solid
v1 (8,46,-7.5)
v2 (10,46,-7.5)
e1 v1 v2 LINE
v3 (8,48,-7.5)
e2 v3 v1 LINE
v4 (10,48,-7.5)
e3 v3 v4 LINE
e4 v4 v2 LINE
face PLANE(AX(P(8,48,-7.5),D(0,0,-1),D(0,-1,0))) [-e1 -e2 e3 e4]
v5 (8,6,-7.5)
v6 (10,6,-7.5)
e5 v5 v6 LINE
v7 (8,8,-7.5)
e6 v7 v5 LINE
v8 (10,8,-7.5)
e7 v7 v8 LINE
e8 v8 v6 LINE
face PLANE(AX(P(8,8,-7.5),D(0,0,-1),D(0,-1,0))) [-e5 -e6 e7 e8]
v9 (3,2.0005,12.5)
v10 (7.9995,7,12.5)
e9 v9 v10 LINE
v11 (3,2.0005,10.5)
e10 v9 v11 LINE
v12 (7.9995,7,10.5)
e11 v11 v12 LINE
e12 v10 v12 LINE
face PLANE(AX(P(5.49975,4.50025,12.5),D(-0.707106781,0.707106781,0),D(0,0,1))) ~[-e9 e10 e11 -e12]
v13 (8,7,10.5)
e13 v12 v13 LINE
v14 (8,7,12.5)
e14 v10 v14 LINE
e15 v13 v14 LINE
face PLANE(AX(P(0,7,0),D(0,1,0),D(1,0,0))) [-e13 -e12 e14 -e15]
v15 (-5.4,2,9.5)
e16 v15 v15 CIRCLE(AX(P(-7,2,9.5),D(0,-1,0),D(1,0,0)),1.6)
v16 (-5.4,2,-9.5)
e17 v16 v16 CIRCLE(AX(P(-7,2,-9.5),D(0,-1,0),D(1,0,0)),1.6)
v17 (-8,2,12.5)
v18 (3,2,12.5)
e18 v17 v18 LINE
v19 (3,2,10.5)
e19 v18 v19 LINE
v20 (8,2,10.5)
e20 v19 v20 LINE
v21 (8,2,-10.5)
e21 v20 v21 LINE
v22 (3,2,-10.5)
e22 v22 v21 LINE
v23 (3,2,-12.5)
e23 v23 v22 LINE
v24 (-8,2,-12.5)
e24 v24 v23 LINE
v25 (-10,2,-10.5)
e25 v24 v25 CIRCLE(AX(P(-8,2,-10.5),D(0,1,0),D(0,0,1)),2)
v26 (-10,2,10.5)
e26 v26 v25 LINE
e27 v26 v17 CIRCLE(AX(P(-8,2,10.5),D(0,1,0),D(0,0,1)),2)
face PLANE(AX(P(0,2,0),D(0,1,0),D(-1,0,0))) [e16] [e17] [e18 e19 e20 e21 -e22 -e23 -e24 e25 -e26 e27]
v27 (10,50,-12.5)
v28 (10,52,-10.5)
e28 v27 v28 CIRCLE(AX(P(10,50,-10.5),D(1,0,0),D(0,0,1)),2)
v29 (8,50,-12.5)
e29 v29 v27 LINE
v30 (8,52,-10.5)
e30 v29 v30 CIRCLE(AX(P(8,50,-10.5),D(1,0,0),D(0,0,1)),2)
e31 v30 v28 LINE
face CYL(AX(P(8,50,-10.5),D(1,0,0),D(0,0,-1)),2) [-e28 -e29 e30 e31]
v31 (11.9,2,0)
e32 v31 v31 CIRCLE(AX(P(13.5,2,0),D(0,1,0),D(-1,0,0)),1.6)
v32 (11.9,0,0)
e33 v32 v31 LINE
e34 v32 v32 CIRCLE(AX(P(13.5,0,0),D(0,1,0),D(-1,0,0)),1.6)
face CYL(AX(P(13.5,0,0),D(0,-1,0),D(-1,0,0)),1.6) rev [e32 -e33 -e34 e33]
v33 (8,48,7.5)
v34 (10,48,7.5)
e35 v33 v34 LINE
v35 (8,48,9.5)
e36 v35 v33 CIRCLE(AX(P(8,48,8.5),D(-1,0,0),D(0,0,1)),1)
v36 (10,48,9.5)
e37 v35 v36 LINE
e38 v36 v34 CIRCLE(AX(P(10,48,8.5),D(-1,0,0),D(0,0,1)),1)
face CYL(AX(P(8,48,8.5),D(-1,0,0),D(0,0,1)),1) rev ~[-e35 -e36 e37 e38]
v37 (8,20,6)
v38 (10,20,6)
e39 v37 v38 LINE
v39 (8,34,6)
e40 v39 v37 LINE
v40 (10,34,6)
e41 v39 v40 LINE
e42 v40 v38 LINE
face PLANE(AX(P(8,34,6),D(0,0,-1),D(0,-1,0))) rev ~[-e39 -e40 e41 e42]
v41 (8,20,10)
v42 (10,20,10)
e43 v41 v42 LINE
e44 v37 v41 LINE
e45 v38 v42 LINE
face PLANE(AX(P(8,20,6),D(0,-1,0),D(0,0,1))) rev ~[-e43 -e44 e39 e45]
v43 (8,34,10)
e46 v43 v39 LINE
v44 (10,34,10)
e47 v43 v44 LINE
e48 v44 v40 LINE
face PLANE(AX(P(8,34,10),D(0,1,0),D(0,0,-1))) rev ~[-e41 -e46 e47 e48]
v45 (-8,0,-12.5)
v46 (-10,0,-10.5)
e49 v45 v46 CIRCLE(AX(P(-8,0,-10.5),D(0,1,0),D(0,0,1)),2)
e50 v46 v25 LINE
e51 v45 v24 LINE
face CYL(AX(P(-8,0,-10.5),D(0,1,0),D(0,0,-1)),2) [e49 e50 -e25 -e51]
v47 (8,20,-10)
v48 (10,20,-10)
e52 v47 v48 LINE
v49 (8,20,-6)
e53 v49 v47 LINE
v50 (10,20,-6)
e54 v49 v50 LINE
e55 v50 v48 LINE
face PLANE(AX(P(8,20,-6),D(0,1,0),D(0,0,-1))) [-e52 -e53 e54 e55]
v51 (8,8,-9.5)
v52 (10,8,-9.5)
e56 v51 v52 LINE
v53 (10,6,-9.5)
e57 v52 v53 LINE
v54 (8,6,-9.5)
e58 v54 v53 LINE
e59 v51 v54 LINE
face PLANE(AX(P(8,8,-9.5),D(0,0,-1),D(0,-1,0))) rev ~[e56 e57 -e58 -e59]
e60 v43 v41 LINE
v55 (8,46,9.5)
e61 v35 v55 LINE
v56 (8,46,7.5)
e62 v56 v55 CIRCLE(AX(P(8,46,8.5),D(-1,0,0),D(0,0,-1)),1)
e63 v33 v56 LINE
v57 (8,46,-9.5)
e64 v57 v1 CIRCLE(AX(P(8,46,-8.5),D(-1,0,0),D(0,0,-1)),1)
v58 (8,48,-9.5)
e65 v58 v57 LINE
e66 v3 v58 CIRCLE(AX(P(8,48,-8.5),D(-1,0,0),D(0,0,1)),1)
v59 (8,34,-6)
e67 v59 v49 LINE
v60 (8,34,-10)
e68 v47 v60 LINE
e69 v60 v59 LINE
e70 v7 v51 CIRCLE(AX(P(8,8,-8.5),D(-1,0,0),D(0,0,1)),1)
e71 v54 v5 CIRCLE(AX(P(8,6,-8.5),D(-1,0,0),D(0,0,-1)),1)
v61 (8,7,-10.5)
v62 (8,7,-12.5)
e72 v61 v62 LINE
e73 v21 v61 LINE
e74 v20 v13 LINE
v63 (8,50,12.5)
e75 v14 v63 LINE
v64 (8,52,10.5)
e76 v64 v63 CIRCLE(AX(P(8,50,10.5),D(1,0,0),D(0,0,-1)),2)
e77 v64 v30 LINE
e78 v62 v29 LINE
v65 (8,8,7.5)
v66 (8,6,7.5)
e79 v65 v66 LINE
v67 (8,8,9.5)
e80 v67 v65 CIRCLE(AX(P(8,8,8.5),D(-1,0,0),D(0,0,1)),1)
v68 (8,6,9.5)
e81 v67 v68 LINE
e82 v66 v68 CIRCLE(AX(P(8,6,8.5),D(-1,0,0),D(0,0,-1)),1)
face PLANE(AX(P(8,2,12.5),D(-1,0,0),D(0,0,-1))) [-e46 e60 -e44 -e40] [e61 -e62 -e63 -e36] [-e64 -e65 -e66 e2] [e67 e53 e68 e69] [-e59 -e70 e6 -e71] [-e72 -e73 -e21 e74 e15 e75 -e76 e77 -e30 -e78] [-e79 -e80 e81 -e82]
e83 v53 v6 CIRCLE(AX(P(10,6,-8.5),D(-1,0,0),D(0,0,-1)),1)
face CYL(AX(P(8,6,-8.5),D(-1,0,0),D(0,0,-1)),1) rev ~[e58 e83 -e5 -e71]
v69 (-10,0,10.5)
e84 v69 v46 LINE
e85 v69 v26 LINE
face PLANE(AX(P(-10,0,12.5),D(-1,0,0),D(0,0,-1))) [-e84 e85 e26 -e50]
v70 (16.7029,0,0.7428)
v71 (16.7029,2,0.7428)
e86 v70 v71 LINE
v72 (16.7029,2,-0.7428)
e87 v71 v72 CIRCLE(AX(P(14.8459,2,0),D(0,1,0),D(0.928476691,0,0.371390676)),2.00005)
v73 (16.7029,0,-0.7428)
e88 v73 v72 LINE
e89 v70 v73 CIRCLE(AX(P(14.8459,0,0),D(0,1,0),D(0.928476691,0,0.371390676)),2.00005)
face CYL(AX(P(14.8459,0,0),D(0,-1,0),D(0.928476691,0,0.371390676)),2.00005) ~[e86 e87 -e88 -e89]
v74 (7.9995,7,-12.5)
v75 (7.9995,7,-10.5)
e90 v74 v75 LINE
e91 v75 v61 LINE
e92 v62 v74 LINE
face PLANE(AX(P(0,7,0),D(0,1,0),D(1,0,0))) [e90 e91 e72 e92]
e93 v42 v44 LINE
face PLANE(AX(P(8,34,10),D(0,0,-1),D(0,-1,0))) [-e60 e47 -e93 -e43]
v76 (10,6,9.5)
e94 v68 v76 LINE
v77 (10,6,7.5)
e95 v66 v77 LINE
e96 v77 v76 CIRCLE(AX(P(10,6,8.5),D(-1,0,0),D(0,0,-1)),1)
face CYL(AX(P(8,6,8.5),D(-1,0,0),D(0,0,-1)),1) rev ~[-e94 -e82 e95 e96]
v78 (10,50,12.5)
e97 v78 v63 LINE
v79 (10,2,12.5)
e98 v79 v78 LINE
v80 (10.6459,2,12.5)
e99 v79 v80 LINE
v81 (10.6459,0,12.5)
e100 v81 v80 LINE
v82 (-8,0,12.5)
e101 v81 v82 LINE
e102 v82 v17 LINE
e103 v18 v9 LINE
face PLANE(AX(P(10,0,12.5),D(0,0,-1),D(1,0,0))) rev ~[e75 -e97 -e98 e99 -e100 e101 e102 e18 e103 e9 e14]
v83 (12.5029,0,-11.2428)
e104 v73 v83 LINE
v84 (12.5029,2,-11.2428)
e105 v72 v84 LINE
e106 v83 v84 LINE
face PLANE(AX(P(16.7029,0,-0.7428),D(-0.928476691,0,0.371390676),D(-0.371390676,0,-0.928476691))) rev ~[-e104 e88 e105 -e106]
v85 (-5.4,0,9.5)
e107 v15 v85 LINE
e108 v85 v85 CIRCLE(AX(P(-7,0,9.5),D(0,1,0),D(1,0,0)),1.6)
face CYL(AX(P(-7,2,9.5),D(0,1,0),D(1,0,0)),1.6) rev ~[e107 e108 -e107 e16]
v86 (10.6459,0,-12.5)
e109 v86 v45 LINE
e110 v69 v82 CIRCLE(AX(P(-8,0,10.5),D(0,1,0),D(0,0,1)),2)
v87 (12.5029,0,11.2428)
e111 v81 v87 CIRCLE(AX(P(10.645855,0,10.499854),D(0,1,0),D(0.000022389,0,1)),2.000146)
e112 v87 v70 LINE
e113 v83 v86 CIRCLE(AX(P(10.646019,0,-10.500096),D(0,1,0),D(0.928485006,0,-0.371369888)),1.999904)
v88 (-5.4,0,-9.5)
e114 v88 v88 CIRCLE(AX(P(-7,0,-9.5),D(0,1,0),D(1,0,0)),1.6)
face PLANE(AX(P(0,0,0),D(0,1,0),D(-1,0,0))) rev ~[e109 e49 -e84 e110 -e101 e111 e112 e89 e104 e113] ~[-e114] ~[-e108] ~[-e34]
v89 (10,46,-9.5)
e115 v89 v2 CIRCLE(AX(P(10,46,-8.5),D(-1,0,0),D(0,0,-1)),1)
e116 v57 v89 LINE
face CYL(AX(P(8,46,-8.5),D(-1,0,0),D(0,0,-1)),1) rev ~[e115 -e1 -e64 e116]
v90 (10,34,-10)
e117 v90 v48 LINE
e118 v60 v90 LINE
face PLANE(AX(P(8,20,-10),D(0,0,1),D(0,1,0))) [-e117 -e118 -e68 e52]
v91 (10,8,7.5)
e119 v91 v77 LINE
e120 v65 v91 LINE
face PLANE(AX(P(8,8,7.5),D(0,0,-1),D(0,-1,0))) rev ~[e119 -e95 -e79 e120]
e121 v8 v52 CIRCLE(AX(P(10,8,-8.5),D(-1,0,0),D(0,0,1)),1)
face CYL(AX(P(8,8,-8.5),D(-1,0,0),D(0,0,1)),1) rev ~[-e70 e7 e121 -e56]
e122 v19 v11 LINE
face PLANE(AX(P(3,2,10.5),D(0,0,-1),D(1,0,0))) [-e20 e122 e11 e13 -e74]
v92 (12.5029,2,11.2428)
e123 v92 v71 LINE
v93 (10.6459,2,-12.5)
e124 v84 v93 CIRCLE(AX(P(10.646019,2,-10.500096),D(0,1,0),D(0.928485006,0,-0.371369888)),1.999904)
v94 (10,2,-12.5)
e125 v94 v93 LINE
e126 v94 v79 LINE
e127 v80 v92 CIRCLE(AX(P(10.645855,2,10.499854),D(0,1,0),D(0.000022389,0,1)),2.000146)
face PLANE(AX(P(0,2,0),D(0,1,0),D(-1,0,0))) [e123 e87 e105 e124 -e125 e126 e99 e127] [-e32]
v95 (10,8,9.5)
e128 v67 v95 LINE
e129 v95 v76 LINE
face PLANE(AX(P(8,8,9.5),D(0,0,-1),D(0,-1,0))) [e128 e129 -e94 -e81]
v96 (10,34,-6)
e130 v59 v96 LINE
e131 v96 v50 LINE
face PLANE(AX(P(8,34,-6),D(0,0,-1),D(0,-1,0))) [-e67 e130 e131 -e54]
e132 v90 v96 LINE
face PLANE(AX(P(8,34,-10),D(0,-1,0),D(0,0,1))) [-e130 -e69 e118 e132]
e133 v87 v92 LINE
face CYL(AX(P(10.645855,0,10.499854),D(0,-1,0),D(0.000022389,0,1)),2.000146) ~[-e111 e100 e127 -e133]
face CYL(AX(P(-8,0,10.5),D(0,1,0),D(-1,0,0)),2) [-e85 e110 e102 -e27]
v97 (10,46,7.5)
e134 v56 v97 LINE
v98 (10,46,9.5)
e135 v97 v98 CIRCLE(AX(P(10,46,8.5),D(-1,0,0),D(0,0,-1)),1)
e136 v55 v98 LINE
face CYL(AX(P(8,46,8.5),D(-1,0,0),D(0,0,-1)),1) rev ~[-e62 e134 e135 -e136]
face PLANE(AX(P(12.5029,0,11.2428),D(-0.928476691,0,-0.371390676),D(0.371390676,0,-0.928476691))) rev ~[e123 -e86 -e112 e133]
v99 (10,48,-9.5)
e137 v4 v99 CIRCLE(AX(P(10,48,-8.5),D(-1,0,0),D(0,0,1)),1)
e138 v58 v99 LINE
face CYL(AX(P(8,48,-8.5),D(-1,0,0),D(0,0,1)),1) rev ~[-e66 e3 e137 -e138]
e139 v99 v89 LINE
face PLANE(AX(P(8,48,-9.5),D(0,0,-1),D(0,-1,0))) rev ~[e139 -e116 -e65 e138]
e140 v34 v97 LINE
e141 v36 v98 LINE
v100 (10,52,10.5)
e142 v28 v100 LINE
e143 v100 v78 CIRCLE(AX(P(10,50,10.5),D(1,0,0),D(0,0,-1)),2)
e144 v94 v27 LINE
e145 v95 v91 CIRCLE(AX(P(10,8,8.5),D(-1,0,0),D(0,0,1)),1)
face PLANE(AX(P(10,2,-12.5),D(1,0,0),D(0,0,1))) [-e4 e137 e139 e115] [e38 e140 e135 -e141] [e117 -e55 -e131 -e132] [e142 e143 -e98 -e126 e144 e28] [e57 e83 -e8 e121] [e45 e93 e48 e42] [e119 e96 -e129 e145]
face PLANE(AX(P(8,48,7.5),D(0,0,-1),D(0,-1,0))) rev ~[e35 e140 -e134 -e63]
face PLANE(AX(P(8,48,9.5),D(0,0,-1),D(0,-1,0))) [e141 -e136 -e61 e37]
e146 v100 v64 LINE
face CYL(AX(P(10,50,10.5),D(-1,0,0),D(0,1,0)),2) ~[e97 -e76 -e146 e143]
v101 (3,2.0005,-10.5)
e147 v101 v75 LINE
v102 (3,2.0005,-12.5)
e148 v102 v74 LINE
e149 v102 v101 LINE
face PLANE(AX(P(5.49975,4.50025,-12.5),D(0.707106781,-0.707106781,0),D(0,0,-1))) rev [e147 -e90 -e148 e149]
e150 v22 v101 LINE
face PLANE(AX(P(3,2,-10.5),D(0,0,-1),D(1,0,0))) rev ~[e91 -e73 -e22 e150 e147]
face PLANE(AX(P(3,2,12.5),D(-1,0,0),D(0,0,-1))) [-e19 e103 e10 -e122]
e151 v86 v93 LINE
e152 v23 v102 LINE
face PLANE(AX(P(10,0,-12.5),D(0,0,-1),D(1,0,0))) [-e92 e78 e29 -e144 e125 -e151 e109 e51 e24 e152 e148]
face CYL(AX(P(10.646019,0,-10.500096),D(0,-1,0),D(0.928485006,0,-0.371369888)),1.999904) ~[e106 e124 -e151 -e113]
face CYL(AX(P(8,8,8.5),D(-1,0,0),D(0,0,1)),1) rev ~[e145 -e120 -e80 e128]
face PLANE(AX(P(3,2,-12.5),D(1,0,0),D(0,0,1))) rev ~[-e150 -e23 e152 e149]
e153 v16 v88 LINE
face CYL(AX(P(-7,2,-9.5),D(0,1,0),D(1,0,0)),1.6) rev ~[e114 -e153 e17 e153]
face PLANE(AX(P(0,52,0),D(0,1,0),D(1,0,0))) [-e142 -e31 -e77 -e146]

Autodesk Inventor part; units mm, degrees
ref_plane "YZ Plane" through (0, 0, 0) normal (1, 0, 0) x (0, 1, 0)
ref_plane "XZ Plane" through (0, 0, 0) normal (0, 1, 0) x (-1, 0, 0)
ref_plane "XY Plane" through (0, 0, 0) normal (0, 0, 1) x (1, 0, 0)
sketch "Sketch1" plane through (0, 0, 0) normal (0, 1, 0) x (-1, 0, 0)
  line L0 (-10, -12.5) -> (-10, 12.5)
  line L1 (-10, 12.5) -> (10, 12.5)
  line L2 (10, 12.5) -> (10, -12.5)
  line L3 (10, -12.5) -> (-10, -12.5)
  line L4 (-10, -12.5) -> (10, 12.5) construction
  line L5 (-10, 12.5) -> (10, -12.5) construction
  line L6 (-10, -12.5) -> (-10.6459, -12.5)
  line L7 (-10, 12.5) -> (-10.6459, 12.5)
  line L8 (-16.7029, -0.7428) -> (-12.5029, -11.2428)
  line L9 (-12.5029, 11.2428) -> (-16.7029, 0.7428)
  circle A0 centre (-13.5, 0) radius 1.6
  arc A1 (-16.7029, 0.7428) -> (-16.7029, -0.7428) centre (-14.8459, 0) ccw
  arc A2 (-10.6459, 12.5) -> (-12.5029, 11.2428) centre (-10.6459, 10.5) ccw
  arc A3 (-12.5029, -11.2428) -> (-10.6459, -12.5) centre (-10.6459, -10.5) ccw
  point P0 (0, 0)
  point P1 (-12, -12.5)
  point P2 (-12, 12.5)
  dimension "d1" = 20
  dimension "d63" = 2
  dimension "d64" = 2
  dimension "d66" = 3.2
  dimension "d67" = 2
extrude "Extrusion1" add sketch "Sketch1" along normal blind 2
sketch "Sketch2" plane through (0, 2, 0) normal (0, 1, 0) x (1, 0, 0)
  line L0 (10, 12.5) -> (10, -12.5)
  line L1 (10, -12.5) -> (8, -12.5)
  line L2 (8, -12.5) -> (8, 12.5)
  line L3 (8, 12.5) -> (10, 12.5)
  line L4 (10, -12.5) -> (10, 12.5)
  point P0 (0, 0)
  dimension "d4" = 2
extrude "Extrusion2" add sketch "Sketch2" along normal blind 50
sketch "Sketch3" plane through (8, 2, -12.5) normal (-1, 0, 0) x (0, 0, 1)
  line L0 (0, 0) -> (25, 0) projected
  line L1 (2.5, 2.5) -> (2.5, 47.5)
  line L2 (2.5, 47.5) -> (22.5, 47.5)
  line L3 (22.5, 47.5) -> (22.5, 2.5)
  line L4 (22.5, 2.5) -> (2.5, 2.5)
  line L5 (2.5, 2.5) -> (4, 2.5)
  line L6 (22.5, 2.5) -> (21, 2.5)
  line L7 (22.5, 25) -> (22.5, 32)
  line L8 (22.5, 32) -> (18.5, 32)
  line L9 (18.5, 32) -> (18.5, 18)
  line L10 (18.5, 18) -> (22.5, 18)
  line L11 (2.5, 25) -> (2.5, 32)
  line L12 (2.5, 32) -> (6.5, 32)
  line L13 (6.5, 32) -> (6.5, 18)
  line L14 (6.5, 18) -> (2.5, 18)
  line L15 (3, 46) -> (3, 44)
  line L16 (5, 46) -> (5, 44)
  arc A0 (5, 46) -> (3, 46) centre (4, 46) ccw
  arc A1 (3, 44) -> (5, 44) centre (4, 44) ccw
  line L17 (20, 46) -> (20, 44)
  line L18 (22, 46) -> (22, 44)
  arc A2 (22, 46) -> (20, 46) centre (21, 46) ccw
  arc A3 (20, 44) -> (22, 44) centre (21, 44) ccw
  line L19 (3, 6) -> (3, 4)
  line L20 (5, 6) -> (5, 4)
  arc A4 (5, 6) -> (3, 6) centre (4, 6) ccw
  arc A5 (3, 4) -> (5, 4) centre (4, 4) ccw
  line L21 (20, 6) -> (20, 4)
  line L22 (22, 6) -> (22, 4)
  arc A6 (22, 6) -> (20, 6) centre (21, 6) ccw
  arc A7 (20, 4) -> (22, 4) centre (21, 4) ccw
  point P0 (12.5, -2)
  point P1 (2.5, 43)
  point P2 (22.5, 43)
  point P3 (2.5, 7)
  point P4 (22.5, 7)
  dimension "d10" = 45
  dimension "d11" = 20
  dimension "d42" = 4
  dimension "d43" = 14
  dimension "d44" = 2
  dimension "d45" = 2
  dimension "d46" = 2
  dimension "d47" = 2
  dimension "d48" = 2
  dimension "d49" = 2
  dimension "d50" = 2
  dimension "d51" = 2
extrude "Extrusion3" cut sketch "Sketch3" against normal blind 2 contours L1 L12 L13 L14 | L10 L9 L8 L3 | A0 L16 A1 L15 | A2 L18 A3 L17 | A4 L20 A5 L19 | A6 L22 A7 L21
sketch "Sketch5" plane through (0, 2, 0) normal (0, 1, 0) x (1, 0, 0)
  line L0 (10.6459, 12.5) -> (-10, 12.5) projected
  line L1 (8, 12.5) -> (3, 12.5)
  line L2 (3, 12.5) -> (3, 10.5)
  line L3 (3, 10.5) -> (8, 10.5)
  line L4 (8, 10.5) -> (8, 12.5)
  line L5 (-10, -12.5) -> (8, -12.5) projected
  line L6 (8, -12.5) -> (3, -12.5)
  line L7 (3, -12.5) -> (3, -10.5)
  line L8 (3, -10.5) -> (8, -10.5)
  line L9 (8, -10.5) -> (8, -12.5)
  point P0 (0, 0)
  point P1 (10, 12.5)
  point P2 (10.9055, 12.5)
  dimension "d22" = 5
  dimension "d23" = 2
  dimension "d24" = 5
  dimension "d25" = 2
extrude "Extrusion4" add sketch "Sketch5" along normal blind 5
chamfer "Chamfer1" distance 5 angle 45 2 edges at (3, 7, -11.5) (3, 7, 11.5)
sketch "Sketch6" plane through (0, 2, 0) normal (0, 1, 0) x (1, 0, 0)
  line L0 (-10, -12.5) -> (-7, -12.5)
  line L1 (-10, -12.5) -> (3, -12.5) projected
  line L2 (-7, -12.5) -> (-7, -9.5)
  circle A0 centre (-7, -9.5) radius 1.6
  line L3 (-10, 12.5) -> (-7, 12.5)
  line L4 (3, 12.5) -> (-10, 12.5) projected
  line L5 (-7, 12.5) -> (-7, 9.5)
  circle A1 centre (-7, 9.5) radius 1.6
  point P0 (0, 0)
  dimension "d31" = 3
  dimension "d32" = 3
  dimension "d33" = 3.2
  dimension "d34" = 3
  dimension "d35" = 3
  dimension "d36" = 3.2
extrude "Extrusion5" cut sketch "Sketch6" against normal blind 5
fillet "Fillet1" radius 2 4 edges at (-10, 1, 12.5) (-10, 1, -12.5) (9, 52, 12.5) (9, 52, -12.5)
equation "\"d20\" = d49"
properties part number "Sonar Mount" material "ABS Plastic"
